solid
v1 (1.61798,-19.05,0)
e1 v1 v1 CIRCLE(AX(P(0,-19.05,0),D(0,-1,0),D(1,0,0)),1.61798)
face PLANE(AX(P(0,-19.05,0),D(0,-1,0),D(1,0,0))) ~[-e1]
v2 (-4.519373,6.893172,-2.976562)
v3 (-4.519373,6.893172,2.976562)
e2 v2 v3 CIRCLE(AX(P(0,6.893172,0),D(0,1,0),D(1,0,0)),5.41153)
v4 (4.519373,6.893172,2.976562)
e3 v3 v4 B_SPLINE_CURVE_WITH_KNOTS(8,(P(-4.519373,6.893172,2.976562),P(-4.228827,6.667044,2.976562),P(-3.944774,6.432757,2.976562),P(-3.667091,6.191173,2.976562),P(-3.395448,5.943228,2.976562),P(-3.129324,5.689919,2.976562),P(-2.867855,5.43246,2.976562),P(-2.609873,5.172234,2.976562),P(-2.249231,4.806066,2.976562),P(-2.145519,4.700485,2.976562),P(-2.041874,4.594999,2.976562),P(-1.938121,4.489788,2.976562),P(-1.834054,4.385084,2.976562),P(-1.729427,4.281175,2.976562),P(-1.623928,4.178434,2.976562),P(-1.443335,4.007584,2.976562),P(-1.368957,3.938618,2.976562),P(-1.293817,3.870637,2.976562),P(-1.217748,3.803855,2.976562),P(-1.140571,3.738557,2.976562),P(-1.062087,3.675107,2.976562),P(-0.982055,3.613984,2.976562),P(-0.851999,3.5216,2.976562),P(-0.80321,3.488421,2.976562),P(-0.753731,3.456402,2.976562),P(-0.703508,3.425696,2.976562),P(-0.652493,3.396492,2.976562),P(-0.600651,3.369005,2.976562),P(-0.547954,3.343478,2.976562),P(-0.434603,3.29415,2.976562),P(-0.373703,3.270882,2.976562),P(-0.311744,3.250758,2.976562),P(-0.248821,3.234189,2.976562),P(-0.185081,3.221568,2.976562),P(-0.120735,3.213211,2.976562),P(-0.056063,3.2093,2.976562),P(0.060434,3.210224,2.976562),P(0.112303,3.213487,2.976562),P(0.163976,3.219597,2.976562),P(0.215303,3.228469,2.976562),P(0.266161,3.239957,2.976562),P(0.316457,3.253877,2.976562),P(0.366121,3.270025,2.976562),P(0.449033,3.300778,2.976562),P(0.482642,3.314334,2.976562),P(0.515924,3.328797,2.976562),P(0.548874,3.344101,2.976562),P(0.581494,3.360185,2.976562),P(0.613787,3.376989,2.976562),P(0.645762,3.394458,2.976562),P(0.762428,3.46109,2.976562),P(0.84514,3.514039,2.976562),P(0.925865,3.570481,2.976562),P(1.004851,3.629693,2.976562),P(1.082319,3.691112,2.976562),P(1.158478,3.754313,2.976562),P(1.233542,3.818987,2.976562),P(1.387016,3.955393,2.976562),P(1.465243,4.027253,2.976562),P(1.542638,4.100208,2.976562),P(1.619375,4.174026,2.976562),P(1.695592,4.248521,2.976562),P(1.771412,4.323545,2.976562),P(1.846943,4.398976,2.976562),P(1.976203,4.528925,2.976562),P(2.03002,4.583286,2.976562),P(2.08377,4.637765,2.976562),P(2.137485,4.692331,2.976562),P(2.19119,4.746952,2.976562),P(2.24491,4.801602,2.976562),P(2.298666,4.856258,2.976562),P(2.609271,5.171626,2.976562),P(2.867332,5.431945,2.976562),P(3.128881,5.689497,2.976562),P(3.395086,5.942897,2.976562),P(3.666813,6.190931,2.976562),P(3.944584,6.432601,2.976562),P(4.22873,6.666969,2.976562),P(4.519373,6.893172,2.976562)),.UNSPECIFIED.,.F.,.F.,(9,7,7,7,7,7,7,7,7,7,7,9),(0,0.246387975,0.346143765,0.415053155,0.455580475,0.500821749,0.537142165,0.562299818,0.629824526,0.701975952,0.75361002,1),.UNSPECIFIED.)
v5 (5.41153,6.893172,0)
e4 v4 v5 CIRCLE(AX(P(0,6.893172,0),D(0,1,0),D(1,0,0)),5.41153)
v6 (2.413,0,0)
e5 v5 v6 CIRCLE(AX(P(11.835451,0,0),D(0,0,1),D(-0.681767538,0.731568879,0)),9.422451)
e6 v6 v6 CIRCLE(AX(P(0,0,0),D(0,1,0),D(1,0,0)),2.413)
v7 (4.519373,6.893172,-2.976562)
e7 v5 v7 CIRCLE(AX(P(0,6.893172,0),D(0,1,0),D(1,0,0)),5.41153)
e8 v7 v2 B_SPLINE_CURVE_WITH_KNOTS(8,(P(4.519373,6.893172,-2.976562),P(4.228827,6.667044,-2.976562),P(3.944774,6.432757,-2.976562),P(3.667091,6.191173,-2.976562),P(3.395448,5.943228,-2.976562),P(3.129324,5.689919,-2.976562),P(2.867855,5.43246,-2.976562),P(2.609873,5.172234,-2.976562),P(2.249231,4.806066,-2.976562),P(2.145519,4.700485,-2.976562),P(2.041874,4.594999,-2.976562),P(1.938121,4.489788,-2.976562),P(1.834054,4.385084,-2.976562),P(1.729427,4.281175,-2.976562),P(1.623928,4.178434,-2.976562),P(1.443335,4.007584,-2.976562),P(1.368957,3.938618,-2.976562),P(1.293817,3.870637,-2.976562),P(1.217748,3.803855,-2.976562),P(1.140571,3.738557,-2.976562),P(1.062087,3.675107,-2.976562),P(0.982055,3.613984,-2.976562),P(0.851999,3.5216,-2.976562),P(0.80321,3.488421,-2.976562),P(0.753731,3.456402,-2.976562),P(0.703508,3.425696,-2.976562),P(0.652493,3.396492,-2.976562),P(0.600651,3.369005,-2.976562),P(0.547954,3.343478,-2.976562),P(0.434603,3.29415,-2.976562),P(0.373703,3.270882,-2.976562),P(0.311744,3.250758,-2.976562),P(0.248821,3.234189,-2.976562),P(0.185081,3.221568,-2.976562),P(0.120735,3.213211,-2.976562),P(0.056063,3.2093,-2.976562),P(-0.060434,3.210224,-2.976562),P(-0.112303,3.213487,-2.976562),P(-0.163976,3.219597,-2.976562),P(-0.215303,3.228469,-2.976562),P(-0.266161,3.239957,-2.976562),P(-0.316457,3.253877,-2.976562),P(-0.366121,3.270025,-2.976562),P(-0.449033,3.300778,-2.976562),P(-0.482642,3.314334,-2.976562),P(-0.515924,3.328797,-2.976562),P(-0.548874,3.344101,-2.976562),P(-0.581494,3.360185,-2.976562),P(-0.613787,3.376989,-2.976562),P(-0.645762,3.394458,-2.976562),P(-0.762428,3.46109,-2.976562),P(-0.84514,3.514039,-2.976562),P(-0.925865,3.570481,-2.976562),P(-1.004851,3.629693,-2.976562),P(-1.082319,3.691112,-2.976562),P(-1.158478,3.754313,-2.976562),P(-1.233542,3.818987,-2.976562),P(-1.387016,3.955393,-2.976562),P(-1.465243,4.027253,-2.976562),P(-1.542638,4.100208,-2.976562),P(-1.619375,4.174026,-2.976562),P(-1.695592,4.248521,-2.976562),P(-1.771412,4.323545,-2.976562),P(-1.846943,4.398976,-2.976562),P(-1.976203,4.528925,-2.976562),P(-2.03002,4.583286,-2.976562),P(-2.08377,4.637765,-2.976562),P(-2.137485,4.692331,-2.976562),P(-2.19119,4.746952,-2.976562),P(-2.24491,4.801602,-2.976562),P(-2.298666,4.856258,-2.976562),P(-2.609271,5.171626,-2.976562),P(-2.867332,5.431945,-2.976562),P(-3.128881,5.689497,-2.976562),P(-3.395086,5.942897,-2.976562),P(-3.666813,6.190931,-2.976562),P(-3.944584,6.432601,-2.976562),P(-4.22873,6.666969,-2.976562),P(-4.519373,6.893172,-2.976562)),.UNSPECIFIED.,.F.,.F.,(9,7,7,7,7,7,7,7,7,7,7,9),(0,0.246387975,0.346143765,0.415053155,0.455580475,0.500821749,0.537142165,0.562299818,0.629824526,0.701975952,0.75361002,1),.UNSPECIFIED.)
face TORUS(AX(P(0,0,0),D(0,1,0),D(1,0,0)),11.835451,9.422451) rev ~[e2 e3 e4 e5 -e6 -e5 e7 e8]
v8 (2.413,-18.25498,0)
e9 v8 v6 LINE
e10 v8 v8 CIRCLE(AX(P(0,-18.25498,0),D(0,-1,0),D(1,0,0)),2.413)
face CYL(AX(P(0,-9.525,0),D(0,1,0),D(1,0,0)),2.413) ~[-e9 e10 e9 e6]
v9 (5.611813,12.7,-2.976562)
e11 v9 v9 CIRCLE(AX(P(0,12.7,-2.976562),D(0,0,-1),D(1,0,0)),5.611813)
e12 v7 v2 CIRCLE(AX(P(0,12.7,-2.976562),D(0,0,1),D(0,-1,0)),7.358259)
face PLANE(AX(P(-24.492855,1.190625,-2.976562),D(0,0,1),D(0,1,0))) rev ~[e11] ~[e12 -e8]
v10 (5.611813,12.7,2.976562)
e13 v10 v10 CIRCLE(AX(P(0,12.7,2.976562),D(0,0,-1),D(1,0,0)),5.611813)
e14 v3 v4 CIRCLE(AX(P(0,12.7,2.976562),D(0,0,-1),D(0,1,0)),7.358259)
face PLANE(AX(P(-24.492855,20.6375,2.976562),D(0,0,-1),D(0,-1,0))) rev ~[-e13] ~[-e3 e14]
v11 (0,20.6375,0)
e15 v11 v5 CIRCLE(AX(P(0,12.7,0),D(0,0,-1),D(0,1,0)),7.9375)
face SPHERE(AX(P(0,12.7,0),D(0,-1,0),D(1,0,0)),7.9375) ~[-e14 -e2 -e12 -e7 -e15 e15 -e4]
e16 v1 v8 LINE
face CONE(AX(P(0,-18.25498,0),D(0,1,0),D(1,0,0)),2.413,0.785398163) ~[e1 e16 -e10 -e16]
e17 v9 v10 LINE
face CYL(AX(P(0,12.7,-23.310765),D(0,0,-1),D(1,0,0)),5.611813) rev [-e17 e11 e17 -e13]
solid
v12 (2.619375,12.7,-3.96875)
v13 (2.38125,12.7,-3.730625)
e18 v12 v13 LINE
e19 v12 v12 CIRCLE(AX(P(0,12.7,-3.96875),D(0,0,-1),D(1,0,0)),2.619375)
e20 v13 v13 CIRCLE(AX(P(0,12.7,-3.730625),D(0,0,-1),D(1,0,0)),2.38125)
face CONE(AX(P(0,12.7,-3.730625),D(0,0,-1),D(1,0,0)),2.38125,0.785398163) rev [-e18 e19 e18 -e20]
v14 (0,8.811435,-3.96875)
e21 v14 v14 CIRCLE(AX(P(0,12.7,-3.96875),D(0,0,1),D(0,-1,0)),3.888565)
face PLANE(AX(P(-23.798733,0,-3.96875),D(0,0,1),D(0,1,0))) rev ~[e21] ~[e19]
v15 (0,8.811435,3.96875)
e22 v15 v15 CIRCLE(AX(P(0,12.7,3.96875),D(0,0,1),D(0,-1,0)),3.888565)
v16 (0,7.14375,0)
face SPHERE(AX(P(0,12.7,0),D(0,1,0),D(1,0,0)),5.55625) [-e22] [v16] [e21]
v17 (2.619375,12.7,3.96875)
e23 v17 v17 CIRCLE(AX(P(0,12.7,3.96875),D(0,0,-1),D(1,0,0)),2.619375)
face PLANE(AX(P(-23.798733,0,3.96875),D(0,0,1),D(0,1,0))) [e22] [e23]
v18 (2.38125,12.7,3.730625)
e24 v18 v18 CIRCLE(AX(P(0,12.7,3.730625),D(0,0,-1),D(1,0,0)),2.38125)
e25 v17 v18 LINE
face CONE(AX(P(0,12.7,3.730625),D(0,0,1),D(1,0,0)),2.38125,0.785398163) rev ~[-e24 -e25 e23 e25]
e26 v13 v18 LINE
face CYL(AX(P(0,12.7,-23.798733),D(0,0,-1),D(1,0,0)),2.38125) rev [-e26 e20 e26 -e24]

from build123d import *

# Parameters (mm, degrees)
SKETCH1_W               = 2.413
SKETCH1_H               = 19.05
CHAMFER2_SIZE           = 0.79502
CUT_EXTRUDE1_DEPTH      = 24.492854632
CUT_EXTRUDE1_DEPTH_BACK = 24.492854632
CUT_EXTRUDE2_DEPTH      = 23.310765057
CUT_EXTRUDE2_DEPTH_BACK = 23.310765057
SKETCH6_R               = 5.6118125
CUT_EXTRUDE3_DEPTH      = 23.798733003
CUT_EXTRUDE3_DEPTH_BACK = 23.798733003
SKETCH8_W               = 3.96875
SKETCH8_H               = 20.6375
CUT_EXTRUDE4_DEPTH      = 23.798733003
CUT_EXTRUDE4_DEPTH_BACK = 23.798733003
SKETCH10_R              = 2.38125
CHAMFER1_SIZE           = 0.238125


with BuildPart() as part:
    # Sketch1 → Revolve1 (revolve)
    with BuildSketch(Plane.XY):
        with Locations((1.2065, -9.525)):
            Rectangle(SKETCH1_W, SKETCH1_H)
    revolve(axis=Axis((0, 20.6375, 0), (0, -1, 0)))

    # Chamfer2
    chamfer2_edges = [part.edges().sort_by_distance(p)[0] for p in [
        (-2.413, -19.05, 0),
    ]]
    chamfer(chamfer2_edges, length=CHAMFER2_SIZE)

    # Sketch4 → Revolve2 (revolve)
    with BuildSketch(Plane.XY):
        with BuildLine():
            Line((2.413, 0), (0, 0))
            Line((0, 0), (0, 20.6375))
            ThreePointArc((0, 20.6375), (7.385648357, 15.607938203), (5.41152983, 6.893172024))
            ThreePointArc((5.41152983, 6.893172024), (3.195090321, 3.75855696), (2.413, 0))
        make_face()
    revolve(axis=Axis((0, 20.6375, 0), (0, 1, 0)))

    # Sketch5 → Cut-Extrude1 (cut, two sides: drawn at the far end of the back side and taken through both)
    with BuildSketch(Plane(origin=(0, 0, 0), x_dir=(0, 0, -1), z_dir=(1, 0, 0)).offset(-CUT_EXTRUDE1_DEPTH_BACK)):
        Polygon((2.9765625, 20.6375), (7.9375, 20.6375), (7.9375, 0), (2.413, 0), (2.9765625, 1.190625), align=None)
        Polygon((-2.9765625, 20.6375), (-2.9765625, 1.190625), (-2.413, 0), (-7.9375, 0), (-7.9375, 20.6375), align=None)
    extrude(amount=CUT_EXTRUDE1_DEPTH + CUT_EXTRUDE1_DEPTH_BACK, mode=Mode.SUBTRACT)

    # Sketch6 → Cut-Extrude2 (cut, two sides: drawn at the far end of the back side and taken through both)
    with BuildSketch(Plane.XY.offset(-CUT_EXTRUDE2_DEPTH_BACK)):
        with Locations((0, 12.7)):
            Circle(SKETCH6_R)
    extrude(amount=CUT_EXTRUDE2_DEPTH + CUT_EXTRUDE2_DEPTH_BACK, mode=Mode.SUBTRACT)


with BuildPart() as body_2:
    # Sketch7 → Revolve3 (revolve)
    with BuildSketch(Plane.XY):
        with BuildLine():
            Line((0, 18.25625), (0, 7.14375))
            ThreePointArc((0, 7.14375), (5.55625, 12.7), (0, 18.25625))
        make_face()
    revolve(axis=Axis((0, 0, 0), (0, 1, 0)))

    # Sketch8 → Cut-Extrude3 (cut, two sides: drawn at the far end of the back side and taken through both)
    with BuildSketch(Plane(origin=(0, 0, 0), x_dir=(0, 0, -1), z_dir=(1, 0, 0)).offset(-CUT_EXTRUDE3_DEPTH_BACK)):
        with Locations((-5.953125, 10.31875)):
            Rectangle(SKETCH8_W, SKETCH8_H)
        with Locations((5.953125, 10.31875)):
            Rectangle(SKETCH8_W, SKETCH8_H)
    extrude(amount=CUT_EXTRUDE3_DEPTH + CUT_EXTRUDE3_DEPTH_BACK, mode=Mode.SUBTRACT)

    # Sketch10 → Cut-Extrude4 (cut, two sides: drawn at the far end of the back side and taken through both)
    with BuildSketch(Plane.XY.offset(-CUT_EXTRUDE4_DEPTH_BACK)):
        with Locations((0, 12.7)):
            Circle(SKETCH10_R)
    extrude(amount=CUT_EXTRUDE4_DEPTH + CUT_EXTRUDE4_DEPTH_BACK, mode=Mode.SUBTRACT)

    # Chamfer1
    chamfer1_edges = [body_2.edges().sort_by_distance(p)[0] for p in [
        (-2.38125, 12.7, -3.96875),
        (-2.38125, 12.7, 3.96875),
    ]]
    chamfer(chamfer1_edges, length=CHAMFER1_SIZE)


solid = Compound([part.part, body_2.part])
